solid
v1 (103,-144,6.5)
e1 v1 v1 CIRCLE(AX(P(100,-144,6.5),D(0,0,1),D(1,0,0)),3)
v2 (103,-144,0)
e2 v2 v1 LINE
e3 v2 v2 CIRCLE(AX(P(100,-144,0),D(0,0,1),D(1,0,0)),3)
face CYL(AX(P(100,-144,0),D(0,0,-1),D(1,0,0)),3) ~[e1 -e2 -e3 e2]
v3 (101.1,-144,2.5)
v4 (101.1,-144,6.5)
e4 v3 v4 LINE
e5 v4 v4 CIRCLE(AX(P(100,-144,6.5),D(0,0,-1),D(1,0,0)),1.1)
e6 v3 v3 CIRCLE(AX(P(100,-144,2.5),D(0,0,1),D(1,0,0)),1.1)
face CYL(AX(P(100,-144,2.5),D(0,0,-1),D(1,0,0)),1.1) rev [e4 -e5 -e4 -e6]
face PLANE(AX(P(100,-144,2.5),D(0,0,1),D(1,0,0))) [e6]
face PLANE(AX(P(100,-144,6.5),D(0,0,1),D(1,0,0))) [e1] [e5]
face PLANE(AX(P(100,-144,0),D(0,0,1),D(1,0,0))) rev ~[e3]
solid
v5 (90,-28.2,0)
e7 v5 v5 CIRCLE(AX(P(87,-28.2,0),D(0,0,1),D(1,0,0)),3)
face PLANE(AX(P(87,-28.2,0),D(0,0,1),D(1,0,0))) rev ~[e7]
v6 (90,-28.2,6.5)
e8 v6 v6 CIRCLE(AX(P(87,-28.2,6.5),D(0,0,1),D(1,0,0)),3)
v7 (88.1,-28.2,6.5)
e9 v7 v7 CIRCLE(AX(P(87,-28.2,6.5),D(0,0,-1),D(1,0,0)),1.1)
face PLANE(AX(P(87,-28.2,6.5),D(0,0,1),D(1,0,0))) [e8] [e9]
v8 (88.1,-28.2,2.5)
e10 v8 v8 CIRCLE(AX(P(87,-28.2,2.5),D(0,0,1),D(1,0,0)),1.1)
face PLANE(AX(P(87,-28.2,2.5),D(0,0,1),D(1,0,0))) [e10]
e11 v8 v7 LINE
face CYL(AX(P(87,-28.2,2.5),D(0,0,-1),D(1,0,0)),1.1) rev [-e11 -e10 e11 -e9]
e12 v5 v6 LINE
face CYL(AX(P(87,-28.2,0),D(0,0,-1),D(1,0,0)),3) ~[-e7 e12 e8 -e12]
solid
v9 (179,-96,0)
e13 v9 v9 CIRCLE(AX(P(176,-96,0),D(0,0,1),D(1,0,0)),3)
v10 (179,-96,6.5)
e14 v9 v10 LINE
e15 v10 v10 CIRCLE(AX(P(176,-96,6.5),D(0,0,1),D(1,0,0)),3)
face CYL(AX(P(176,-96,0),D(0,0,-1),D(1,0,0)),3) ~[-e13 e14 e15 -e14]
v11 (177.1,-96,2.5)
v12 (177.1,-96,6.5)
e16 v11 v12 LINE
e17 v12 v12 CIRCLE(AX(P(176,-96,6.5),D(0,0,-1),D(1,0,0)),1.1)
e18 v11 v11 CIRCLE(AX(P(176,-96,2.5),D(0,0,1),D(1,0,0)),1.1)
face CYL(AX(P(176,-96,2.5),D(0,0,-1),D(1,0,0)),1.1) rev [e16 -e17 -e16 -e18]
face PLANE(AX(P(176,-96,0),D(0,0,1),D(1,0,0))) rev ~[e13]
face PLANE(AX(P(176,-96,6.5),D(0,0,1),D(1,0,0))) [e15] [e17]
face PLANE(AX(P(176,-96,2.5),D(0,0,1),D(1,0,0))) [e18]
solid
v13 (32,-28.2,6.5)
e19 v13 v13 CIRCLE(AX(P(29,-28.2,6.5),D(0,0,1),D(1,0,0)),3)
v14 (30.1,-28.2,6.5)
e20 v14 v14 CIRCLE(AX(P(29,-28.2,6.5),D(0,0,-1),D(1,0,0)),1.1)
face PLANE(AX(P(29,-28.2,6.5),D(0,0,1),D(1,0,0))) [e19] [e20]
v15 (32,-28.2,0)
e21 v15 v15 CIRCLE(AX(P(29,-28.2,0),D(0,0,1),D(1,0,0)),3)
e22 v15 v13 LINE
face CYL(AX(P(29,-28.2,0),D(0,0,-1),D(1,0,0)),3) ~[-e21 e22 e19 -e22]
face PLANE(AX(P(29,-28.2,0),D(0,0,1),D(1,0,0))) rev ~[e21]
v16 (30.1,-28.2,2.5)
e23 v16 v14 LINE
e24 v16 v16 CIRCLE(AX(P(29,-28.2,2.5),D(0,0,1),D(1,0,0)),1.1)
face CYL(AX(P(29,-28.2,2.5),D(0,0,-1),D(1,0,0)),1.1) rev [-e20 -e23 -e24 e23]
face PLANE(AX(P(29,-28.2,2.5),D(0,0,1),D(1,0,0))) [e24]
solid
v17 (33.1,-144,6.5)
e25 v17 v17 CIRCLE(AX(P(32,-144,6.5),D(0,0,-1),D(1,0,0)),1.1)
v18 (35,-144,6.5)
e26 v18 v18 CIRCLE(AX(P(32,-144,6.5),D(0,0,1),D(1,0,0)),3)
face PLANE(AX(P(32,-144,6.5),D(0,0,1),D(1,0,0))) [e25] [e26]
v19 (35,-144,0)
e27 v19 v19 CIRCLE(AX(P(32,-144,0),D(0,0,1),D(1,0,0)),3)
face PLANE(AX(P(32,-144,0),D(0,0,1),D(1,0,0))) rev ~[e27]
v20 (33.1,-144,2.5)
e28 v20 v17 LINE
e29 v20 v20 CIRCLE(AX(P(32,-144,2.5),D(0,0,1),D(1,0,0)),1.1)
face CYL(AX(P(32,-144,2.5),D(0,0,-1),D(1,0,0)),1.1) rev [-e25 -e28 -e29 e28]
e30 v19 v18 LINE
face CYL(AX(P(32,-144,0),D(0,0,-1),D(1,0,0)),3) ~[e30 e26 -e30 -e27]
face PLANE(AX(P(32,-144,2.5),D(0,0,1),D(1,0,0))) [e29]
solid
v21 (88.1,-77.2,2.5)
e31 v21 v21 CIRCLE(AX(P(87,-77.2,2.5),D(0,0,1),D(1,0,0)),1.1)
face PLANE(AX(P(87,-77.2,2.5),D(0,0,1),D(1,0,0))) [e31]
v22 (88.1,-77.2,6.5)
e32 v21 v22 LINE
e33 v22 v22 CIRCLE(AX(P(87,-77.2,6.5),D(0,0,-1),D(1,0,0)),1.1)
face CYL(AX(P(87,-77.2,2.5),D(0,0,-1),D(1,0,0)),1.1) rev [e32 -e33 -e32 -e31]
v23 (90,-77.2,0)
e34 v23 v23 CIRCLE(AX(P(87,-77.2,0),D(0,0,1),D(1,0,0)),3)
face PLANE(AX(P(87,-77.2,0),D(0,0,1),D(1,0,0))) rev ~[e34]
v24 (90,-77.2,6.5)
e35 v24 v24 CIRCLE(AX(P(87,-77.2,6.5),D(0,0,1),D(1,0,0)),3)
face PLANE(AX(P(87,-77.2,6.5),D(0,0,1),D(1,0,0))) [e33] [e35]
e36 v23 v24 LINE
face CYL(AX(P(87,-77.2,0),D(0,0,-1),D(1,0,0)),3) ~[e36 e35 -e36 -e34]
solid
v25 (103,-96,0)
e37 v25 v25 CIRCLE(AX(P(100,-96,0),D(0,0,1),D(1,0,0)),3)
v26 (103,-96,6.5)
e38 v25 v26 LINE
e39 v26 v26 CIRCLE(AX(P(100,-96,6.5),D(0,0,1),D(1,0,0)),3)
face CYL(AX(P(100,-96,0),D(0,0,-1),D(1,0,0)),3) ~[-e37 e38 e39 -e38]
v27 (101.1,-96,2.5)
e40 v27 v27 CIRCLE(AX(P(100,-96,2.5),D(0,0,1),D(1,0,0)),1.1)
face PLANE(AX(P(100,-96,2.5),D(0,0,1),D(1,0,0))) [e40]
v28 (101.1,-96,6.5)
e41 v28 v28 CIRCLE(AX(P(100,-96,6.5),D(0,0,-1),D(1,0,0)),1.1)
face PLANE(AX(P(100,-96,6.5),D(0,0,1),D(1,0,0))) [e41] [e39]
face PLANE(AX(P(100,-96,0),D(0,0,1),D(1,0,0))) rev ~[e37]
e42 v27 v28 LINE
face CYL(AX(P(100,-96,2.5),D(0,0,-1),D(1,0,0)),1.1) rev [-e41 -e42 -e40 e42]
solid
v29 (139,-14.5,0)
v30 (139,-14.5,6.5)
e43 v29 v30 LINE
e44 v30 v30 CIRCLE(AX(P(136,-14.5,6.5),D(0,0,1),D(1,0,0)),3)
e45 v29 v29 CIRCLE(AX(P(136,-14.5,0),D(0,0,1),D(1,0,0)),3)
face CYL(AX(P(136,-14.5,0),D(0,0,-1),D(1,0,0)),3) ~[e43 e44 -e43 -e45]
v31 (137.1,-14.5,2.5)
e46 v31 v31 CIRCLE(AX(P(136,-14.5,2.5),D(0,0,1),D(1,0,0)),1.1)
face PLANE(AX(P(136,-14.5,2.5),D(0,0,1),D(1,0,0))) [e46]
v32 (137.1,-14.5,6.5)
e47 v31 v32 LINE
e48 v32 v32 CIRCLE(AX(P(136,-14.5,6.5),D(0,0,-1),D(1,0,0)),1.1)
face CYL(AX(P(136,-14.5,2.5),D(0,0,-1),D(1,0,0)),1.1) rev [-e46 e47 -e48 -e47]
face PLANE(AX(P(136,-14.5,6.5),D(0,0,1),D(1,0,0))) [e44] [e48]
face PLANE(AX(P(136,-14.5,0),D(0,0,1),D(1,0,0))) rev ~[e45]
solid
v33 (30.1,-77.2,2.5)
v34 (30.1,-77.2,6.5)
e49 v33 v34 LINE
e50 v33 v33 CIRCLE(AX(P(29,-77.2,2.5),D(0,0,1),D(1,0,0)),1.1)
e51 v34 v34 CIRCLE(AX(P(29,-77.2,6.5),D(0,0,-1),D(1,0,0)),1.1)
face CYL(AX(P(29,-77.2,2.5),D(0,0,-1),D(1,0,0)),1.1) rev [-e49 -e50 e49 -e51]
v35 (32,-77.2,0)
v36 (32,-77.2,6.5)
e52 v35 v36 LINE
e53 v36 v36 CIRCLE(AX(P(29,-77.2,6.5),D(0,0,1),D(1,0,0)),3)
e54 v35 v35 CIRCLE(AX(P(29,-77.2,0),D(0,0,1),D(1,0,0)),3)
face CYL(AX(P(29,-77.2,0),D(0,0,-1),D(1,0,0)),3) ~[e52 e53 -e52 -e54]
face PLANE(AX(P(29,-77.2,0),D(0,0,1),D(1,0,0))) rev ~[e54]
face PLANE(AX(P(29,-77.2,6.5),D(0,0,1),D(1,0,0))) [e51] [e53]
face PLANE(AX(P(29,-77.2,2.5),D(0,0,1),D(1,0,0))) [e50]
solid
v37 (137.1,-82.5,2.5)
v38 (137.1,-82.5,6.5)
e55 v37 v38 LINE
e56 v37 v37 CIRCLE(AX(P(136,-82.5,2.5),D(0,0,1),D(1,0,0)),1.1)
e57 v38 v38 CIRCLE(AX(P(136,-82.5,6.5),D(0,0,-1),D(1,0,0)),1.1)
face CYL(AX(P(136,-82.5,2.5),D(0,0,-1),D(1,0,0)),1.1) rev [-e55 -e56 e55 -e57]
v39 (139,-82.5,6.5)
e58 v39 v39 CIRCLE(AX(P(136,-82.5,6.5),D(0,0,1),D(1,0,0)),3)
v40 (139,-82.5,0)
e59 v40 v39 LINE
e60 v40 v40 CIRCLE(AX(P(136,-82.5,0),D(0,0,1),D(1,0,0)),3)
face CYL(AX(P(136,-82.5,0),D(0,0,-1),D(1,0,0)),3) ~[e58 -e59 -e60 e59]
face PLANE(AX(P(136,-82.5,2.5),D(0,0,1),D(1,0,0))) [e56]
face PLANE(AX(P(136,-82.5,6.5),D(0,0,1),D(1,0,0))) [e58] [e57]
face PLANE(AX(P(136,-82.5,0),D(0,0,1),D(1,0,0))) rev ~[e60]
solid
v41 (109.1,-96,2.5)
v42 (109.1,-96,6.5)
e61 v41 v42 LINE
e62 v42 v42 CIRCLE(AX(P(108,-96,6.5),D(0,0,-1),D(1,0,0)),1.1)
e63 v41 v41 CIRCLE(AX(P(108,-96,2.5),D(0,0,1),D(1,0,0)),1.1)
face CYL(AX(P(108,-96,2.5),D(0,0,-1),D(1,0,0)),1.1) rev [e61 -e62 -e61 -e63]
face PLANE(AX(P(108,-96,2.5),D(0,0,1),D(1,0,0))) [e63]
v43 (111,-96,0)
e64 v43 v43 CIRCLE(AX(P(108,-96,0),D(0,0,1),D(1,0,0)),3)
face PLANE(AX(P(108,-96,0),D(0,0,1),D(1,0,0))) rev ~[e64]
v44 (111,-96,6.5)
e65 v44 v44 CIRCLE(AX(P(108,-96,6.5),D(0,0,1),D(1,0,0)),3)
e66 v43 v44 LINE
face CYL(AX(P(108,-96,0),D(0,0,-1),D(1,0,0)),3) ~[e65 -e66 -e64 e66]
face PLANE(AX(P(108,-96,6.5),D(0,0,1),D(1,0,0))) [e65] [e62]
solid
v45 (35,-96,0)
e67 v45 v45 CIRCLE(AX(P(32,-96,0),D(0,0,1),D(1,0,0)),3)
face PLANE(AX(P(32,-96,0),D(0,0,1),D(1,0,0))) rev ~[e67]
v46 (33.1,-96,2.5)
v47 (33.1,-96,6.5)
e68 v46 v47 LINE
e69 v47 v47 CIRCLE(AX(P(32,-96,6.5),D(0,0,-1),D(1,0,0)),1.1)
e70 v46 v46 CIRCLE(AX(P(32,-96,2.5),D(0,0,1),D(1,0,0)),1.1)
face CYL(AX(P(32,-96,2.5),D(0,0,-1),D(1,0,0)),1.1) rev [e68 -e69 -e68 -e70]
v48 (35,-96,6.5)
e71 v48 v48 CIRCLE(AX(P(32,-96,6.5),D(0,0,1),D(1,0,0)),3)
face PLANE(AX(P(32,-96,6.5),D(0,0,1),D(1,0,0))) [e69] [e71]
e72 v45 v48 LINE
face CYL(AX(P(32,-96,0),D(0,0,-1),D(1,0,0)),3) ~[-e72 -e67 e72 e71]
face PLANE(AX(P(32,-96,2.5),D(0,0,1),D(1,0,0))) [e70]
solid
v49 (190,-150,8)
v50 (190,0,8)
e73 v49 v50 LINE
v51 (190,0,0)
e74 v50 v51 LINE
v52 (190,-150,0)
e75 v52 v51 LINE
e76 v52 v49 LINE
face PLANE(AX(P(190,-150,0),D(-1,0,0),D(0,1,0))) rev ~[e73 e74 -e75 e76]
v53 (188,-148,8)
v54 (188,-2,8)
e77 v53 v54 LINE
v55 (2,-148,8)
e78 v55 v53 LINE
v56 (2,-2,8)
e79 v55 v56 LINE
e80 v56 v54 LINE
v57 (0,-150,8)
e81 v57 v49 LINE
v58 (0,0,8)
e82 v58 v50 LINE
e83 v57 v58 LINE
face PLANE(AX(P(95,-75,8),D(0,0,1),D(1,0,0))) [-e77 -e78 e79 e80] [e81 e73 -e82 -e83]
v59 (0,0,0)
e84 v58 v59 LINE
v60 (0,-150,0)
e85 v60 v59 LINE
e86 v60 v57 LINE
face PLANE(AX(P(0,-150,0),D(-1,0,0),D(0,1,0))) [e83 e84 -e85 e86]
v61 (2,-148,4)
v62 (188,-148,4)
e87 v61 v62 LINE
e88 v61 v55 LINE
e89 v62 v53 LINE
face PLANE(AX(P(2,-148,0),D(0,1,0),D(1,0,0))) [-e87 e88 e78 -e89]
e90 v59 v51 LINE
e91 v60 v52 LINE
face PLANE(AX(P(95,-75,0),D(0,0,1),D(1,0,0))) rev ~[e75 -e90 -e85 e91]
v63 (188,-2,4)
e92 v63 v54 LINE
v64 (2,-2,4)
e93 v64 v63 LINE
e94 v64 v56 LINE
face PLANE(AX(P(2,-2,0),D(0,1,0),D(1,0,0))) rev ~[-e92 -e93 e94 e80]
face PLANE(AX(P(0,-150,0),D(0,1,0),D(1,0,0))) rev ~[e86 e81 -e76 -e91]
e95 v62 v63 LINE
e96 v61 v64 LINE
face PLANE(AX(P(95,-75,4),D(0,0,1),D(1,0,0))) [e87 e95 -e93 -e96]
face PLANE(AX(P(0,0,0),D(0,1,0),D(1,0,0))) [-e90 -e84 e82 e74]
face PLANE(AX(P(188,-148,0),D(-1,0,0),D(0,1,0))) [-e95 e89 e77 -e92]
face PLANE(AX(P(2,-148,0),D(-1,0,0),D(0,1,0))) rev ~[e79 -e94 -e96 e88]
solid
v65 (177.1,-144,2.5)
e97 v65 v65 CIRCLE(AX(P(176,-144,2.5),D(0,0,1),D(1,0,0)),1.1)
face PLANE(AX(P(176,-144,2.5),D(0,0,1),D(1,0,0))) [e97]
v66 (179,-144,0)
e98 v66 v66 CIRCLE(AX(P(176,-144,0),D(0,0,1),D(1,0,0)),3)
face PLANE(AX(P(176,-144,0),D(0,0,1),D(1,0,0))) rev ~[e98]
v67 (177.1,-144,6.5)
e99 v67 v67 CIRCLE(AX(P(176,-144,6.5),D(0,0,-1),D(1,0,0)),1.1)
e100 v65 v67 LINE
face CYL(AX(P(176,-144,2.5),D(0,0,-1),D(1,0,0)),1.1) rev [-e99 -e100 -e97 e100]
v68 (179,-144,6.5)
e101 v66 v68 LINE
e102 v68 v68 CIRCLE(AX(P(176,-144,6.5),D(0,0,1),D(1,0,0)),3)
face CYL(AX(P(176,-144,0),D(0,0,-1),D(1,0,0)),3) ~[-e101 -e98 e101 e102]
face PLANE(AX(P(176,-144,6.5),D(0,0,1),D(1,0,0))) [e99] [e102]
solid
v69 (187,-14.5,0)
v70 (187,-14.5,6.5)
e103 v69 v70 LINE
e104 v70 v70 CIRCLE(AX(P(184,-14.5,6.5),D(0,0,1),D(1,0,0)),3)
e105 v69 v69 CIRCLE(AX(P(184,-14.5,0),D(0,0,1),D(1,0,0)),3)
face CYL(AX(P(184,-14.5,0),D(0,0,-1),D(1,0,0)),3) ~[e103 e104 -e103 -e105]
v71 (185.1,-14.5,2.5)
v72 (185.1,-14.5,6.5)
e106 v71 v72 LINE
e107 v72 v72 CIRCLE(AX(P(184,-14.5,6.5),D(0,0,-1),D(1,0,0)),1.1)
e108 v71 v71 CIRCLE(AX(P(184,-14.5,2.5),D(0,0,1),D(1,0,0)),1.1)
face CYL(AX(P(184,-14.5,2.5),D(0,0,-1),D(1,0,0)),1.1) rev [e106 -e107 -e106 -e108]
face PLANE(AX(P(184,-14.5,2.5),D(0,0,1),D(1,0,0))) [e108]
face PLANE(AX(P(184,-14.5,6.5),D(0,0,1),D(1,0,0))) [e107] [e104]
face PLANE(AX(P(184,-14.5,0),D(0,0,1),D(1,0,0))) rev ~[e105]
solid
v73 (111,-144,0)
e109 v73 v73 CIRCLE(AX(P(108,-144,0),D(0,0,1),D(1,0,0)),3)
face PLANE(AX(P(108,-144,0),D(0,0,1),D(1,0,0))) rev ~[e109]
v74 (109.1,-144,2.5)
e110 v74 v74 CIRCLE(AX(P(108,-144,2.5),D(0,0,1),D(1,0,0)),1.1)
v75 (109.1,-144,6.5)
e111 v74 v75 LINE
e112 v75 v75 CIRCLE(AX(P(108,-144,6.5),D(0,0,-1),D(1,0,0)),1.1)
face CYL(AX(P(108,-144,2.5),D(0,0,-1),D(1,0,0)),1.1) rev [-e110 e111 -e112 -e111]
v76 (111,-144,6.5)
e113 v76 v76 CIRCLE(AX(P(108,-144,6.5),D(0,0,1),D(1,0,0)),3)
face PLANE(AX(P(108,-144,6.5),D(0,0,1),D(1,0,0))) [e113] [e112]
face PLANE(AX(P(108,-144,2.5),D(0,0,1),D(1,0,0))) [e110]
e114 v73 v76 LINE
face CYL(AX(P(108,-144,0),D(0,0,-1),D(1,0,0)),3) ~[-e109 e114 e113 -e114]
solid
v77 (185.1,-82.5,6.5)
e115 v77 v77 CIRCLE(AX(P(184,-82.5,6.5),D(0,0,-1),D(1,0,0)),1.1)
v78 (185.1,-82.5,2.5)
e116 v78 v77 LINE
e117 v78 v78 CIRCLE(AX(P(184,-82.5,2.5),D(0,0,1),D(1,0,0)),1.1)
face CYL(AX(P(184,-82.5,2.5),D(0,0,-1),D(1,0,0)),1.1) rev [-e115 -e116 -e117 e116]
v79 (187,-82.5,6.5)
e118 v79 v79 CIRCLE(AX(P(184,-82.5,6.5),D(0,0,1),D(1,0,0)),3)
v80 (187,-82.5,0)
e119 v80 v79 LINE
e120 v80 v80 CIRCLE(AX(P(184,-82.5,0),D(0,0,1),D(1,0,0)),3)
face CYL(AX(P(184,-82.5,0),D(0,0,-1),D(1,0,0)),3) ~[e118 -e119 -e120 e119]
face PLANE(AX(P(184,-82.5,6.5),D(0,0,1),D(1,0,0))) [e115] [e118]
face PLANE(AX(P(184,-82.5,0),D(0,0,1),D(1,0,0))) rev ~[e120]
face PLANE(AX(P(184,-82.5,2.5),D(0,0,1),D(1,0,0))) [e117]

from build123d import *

# Parameters (mm, degrees)
SKETCH_W      = 190
SKETCH_H      = 150
PAD_DEPTH     = 4
SKETCH002_W   = 190
SKETCH002_H   = 150
SKETCH002_W_2 = 186
SKETCH002_H_2 = 146
PAD001_DEPTH  = 8
SKETCH006_R   = 1.1
PAD006_DEPTH  = 6.5
SKETCH007_R   = 3
PAD007_DEPTH  = 6.5
SKETCH008_R   = 1.1
PAD008_DEPTH  = 6.5
SKETCH009_R   = 3
PAD009_DEPTH  = 6.5
SKETCH004_R   = 1.1
PAD004_DEPTH  = 6.5
SKETCH005_R   = 3
PAD005_DEPTH  = 6.5
SKETCH001_R   = 1.1
PAD002_DEPTH  = 6.5
SKETCH003_R   = 3
PAD003_DEPTH  = 6.5


with BuildPart() as pad:
    # Sketch → Pad (new body)
    with BuildSketch(Plane.XY):
        with Locations((95, -75)):
            Rectangle(SKETCH_W, SKETCH_H)
    extrude(amount=PAD_DEPTH)


with BuildPart() as fusion:
    # Sketch002 → Pad001 (new body)
    with BuildSketch(Plane.XY):
        with Locations((95, -75)):
            Rectangle(SKETCH002_W, SKETCH002_H)
        with Locations((95, -75)):
            Rectangle(SKETCH002_W_2, SKETCH002_H_2, mode=Mode.SUBTRACT)
    extrude(amount=PAD001_DEPTH)

    # Fusion: union Pad
    add(pad.part)


with BuildPart() as pad006:
    # Sketch006 → Pad006 (new body)
    with BuildSketch(Plane.XY.offset(2.5)):
        with Locations((108, -96)):
            Circle(SKETCH006_R)
        with Locations((176, -96)):
            Circle(SKETCH006_R)
        with Locations((108, -144)):
            Circle(SKETCH006_R)
        with Locations((176, -144)):
            Circle(SKETCH006_R)
    extrude(amount=PAD006_DEPTH)


with BuildPart() as relay002:
    # Sketch007 → Pad007 (new body)
    with BuildSketch(Plane.XY):
        with Locations((108, -96)):
            Circle(SKETCH007_R)
        with Locations((176, -96)):
            Circle(SKETCH007_R)
        with Locations((108, -144)):
            Circle(SKETCH007_R)
        with Locations((176, -144)):
            Circle(SKETCH007_R)
    extrude(amount=PAD007_DEPTH)

    # Cut002: cut Pad006
    add(pad006.part, mode=Mode.SUBTRACT)


with BuildPart() as pad008:
    # Sketch008 → Pad008 (new body)
    with BuildSketch(Plane.XY.offset(2.5)):
        with Locations((32, -96)):
            Circle(SKETCH008_R)
        with Locations((100, -96)):
            Circle(SKETCH008_R)
        with Locations((32, -144)):
            Circle(SKETCH008_R)
        with Locations((100, -144)):
            Circle(SKETCH008_R)
    extrude(amount=PAD008_DEPTH)


with BuildPart() as relay003:
    # Sketch009 → Pad009 (new body)
    with BuildSketch(Plane.XY):
        with Locations((32, -96)):
            Circle(SKETCH009_R)
        with Locations((100, -96)):
            Circle(SKETCH009_R)
        with Locations((32, -144)):
            Circle(SKETCH009_R)
        with Locations((100, -144)):
            Circle(SKETCH009_R)
    extrude(amount=PAD009_DEPTH)

    # Cut003: cut Pad008
    add(pad008.part, mode=Mode.SUBTRACT)


with BuildPart() as pad004:
    # Sketch004 → Pad004 (new body)
    with BuildSketch(Plane.XY.offset(2.5)):
        with Locations((136, -14.5)):
            Circle(SKETCH004_R)
        with Locations((184, -14.5)):
            Circle(SKETCH004_R)
        with Locations((136, -82.5)):
            Circle(SKETCH004_R)
        with Locations((184, -82.5)):
            Circle(SKETCH004_R)
    extrude(amount=PAD004_DEPTH)


with BuildPart() as relay1:
    # Sketch005 → Pad005 (new body)
    with BuildSketch(Plane.XY):
        with Locations((136, -14.5)):
            Circle(SKETCH005_R)
        with Locations((184, -14.5)):
            Circle(SKETCH005_R)
        with Locations((136, -82.5)):
            Circle(SKETCH005_R)
        with Locations((184, -82.5)):
            Circle(SKETCH005_R)
    extrude(amount=PAD005_DEPTH)

    # Cut001: cut Pad004
    add(pad004.part, mode=Mode.SUBTRACT)


with BuildPart() as pad002:
    # Sketch001 → Pad002 (new body)
    with BuildSketch(Plane.XY.offset(2.5)):
        with Locations((29, -28.2)):
            Circle(SKETCH001_R)
        with Locations((29, -77.2)):
            Circle(SKETCH001_R)
        with Locations((87, -28.2)):
            Circle(SKETCH001_R)
        with Locations((87, -77.2)):
            Circle(SKETCH001_R)
    extrude(amount=PAD002_DEPTH)


with BuildPart() as fusion001:
    # Sketch003 → Pad003 (new body)
    with BuildSketch(Plane.XY):
        with Locations((29, -28.2)):
            Circle(SKETCH003_R)
        with Locations((87, -28.2)):
            Circle(SKETCH003_R)
        with Locations((87, -77.2)):
            Circle(SKETCH003_R)
        with Locations((29, -77.2)):
            Circle(SKETCH003_R)
    extrude(amount=PAD003_DEPTH)

    # Cut: cut Pad002
    add(pad002.part, mode=Mode.SUBTRACT)

    # Fusion001: union Relay002, Relay003, Relay1
    add(relay002.part)
    add(relay003.part)
    add(relay1.part)


solid = Compound([fusion.part, fusion001.part])
